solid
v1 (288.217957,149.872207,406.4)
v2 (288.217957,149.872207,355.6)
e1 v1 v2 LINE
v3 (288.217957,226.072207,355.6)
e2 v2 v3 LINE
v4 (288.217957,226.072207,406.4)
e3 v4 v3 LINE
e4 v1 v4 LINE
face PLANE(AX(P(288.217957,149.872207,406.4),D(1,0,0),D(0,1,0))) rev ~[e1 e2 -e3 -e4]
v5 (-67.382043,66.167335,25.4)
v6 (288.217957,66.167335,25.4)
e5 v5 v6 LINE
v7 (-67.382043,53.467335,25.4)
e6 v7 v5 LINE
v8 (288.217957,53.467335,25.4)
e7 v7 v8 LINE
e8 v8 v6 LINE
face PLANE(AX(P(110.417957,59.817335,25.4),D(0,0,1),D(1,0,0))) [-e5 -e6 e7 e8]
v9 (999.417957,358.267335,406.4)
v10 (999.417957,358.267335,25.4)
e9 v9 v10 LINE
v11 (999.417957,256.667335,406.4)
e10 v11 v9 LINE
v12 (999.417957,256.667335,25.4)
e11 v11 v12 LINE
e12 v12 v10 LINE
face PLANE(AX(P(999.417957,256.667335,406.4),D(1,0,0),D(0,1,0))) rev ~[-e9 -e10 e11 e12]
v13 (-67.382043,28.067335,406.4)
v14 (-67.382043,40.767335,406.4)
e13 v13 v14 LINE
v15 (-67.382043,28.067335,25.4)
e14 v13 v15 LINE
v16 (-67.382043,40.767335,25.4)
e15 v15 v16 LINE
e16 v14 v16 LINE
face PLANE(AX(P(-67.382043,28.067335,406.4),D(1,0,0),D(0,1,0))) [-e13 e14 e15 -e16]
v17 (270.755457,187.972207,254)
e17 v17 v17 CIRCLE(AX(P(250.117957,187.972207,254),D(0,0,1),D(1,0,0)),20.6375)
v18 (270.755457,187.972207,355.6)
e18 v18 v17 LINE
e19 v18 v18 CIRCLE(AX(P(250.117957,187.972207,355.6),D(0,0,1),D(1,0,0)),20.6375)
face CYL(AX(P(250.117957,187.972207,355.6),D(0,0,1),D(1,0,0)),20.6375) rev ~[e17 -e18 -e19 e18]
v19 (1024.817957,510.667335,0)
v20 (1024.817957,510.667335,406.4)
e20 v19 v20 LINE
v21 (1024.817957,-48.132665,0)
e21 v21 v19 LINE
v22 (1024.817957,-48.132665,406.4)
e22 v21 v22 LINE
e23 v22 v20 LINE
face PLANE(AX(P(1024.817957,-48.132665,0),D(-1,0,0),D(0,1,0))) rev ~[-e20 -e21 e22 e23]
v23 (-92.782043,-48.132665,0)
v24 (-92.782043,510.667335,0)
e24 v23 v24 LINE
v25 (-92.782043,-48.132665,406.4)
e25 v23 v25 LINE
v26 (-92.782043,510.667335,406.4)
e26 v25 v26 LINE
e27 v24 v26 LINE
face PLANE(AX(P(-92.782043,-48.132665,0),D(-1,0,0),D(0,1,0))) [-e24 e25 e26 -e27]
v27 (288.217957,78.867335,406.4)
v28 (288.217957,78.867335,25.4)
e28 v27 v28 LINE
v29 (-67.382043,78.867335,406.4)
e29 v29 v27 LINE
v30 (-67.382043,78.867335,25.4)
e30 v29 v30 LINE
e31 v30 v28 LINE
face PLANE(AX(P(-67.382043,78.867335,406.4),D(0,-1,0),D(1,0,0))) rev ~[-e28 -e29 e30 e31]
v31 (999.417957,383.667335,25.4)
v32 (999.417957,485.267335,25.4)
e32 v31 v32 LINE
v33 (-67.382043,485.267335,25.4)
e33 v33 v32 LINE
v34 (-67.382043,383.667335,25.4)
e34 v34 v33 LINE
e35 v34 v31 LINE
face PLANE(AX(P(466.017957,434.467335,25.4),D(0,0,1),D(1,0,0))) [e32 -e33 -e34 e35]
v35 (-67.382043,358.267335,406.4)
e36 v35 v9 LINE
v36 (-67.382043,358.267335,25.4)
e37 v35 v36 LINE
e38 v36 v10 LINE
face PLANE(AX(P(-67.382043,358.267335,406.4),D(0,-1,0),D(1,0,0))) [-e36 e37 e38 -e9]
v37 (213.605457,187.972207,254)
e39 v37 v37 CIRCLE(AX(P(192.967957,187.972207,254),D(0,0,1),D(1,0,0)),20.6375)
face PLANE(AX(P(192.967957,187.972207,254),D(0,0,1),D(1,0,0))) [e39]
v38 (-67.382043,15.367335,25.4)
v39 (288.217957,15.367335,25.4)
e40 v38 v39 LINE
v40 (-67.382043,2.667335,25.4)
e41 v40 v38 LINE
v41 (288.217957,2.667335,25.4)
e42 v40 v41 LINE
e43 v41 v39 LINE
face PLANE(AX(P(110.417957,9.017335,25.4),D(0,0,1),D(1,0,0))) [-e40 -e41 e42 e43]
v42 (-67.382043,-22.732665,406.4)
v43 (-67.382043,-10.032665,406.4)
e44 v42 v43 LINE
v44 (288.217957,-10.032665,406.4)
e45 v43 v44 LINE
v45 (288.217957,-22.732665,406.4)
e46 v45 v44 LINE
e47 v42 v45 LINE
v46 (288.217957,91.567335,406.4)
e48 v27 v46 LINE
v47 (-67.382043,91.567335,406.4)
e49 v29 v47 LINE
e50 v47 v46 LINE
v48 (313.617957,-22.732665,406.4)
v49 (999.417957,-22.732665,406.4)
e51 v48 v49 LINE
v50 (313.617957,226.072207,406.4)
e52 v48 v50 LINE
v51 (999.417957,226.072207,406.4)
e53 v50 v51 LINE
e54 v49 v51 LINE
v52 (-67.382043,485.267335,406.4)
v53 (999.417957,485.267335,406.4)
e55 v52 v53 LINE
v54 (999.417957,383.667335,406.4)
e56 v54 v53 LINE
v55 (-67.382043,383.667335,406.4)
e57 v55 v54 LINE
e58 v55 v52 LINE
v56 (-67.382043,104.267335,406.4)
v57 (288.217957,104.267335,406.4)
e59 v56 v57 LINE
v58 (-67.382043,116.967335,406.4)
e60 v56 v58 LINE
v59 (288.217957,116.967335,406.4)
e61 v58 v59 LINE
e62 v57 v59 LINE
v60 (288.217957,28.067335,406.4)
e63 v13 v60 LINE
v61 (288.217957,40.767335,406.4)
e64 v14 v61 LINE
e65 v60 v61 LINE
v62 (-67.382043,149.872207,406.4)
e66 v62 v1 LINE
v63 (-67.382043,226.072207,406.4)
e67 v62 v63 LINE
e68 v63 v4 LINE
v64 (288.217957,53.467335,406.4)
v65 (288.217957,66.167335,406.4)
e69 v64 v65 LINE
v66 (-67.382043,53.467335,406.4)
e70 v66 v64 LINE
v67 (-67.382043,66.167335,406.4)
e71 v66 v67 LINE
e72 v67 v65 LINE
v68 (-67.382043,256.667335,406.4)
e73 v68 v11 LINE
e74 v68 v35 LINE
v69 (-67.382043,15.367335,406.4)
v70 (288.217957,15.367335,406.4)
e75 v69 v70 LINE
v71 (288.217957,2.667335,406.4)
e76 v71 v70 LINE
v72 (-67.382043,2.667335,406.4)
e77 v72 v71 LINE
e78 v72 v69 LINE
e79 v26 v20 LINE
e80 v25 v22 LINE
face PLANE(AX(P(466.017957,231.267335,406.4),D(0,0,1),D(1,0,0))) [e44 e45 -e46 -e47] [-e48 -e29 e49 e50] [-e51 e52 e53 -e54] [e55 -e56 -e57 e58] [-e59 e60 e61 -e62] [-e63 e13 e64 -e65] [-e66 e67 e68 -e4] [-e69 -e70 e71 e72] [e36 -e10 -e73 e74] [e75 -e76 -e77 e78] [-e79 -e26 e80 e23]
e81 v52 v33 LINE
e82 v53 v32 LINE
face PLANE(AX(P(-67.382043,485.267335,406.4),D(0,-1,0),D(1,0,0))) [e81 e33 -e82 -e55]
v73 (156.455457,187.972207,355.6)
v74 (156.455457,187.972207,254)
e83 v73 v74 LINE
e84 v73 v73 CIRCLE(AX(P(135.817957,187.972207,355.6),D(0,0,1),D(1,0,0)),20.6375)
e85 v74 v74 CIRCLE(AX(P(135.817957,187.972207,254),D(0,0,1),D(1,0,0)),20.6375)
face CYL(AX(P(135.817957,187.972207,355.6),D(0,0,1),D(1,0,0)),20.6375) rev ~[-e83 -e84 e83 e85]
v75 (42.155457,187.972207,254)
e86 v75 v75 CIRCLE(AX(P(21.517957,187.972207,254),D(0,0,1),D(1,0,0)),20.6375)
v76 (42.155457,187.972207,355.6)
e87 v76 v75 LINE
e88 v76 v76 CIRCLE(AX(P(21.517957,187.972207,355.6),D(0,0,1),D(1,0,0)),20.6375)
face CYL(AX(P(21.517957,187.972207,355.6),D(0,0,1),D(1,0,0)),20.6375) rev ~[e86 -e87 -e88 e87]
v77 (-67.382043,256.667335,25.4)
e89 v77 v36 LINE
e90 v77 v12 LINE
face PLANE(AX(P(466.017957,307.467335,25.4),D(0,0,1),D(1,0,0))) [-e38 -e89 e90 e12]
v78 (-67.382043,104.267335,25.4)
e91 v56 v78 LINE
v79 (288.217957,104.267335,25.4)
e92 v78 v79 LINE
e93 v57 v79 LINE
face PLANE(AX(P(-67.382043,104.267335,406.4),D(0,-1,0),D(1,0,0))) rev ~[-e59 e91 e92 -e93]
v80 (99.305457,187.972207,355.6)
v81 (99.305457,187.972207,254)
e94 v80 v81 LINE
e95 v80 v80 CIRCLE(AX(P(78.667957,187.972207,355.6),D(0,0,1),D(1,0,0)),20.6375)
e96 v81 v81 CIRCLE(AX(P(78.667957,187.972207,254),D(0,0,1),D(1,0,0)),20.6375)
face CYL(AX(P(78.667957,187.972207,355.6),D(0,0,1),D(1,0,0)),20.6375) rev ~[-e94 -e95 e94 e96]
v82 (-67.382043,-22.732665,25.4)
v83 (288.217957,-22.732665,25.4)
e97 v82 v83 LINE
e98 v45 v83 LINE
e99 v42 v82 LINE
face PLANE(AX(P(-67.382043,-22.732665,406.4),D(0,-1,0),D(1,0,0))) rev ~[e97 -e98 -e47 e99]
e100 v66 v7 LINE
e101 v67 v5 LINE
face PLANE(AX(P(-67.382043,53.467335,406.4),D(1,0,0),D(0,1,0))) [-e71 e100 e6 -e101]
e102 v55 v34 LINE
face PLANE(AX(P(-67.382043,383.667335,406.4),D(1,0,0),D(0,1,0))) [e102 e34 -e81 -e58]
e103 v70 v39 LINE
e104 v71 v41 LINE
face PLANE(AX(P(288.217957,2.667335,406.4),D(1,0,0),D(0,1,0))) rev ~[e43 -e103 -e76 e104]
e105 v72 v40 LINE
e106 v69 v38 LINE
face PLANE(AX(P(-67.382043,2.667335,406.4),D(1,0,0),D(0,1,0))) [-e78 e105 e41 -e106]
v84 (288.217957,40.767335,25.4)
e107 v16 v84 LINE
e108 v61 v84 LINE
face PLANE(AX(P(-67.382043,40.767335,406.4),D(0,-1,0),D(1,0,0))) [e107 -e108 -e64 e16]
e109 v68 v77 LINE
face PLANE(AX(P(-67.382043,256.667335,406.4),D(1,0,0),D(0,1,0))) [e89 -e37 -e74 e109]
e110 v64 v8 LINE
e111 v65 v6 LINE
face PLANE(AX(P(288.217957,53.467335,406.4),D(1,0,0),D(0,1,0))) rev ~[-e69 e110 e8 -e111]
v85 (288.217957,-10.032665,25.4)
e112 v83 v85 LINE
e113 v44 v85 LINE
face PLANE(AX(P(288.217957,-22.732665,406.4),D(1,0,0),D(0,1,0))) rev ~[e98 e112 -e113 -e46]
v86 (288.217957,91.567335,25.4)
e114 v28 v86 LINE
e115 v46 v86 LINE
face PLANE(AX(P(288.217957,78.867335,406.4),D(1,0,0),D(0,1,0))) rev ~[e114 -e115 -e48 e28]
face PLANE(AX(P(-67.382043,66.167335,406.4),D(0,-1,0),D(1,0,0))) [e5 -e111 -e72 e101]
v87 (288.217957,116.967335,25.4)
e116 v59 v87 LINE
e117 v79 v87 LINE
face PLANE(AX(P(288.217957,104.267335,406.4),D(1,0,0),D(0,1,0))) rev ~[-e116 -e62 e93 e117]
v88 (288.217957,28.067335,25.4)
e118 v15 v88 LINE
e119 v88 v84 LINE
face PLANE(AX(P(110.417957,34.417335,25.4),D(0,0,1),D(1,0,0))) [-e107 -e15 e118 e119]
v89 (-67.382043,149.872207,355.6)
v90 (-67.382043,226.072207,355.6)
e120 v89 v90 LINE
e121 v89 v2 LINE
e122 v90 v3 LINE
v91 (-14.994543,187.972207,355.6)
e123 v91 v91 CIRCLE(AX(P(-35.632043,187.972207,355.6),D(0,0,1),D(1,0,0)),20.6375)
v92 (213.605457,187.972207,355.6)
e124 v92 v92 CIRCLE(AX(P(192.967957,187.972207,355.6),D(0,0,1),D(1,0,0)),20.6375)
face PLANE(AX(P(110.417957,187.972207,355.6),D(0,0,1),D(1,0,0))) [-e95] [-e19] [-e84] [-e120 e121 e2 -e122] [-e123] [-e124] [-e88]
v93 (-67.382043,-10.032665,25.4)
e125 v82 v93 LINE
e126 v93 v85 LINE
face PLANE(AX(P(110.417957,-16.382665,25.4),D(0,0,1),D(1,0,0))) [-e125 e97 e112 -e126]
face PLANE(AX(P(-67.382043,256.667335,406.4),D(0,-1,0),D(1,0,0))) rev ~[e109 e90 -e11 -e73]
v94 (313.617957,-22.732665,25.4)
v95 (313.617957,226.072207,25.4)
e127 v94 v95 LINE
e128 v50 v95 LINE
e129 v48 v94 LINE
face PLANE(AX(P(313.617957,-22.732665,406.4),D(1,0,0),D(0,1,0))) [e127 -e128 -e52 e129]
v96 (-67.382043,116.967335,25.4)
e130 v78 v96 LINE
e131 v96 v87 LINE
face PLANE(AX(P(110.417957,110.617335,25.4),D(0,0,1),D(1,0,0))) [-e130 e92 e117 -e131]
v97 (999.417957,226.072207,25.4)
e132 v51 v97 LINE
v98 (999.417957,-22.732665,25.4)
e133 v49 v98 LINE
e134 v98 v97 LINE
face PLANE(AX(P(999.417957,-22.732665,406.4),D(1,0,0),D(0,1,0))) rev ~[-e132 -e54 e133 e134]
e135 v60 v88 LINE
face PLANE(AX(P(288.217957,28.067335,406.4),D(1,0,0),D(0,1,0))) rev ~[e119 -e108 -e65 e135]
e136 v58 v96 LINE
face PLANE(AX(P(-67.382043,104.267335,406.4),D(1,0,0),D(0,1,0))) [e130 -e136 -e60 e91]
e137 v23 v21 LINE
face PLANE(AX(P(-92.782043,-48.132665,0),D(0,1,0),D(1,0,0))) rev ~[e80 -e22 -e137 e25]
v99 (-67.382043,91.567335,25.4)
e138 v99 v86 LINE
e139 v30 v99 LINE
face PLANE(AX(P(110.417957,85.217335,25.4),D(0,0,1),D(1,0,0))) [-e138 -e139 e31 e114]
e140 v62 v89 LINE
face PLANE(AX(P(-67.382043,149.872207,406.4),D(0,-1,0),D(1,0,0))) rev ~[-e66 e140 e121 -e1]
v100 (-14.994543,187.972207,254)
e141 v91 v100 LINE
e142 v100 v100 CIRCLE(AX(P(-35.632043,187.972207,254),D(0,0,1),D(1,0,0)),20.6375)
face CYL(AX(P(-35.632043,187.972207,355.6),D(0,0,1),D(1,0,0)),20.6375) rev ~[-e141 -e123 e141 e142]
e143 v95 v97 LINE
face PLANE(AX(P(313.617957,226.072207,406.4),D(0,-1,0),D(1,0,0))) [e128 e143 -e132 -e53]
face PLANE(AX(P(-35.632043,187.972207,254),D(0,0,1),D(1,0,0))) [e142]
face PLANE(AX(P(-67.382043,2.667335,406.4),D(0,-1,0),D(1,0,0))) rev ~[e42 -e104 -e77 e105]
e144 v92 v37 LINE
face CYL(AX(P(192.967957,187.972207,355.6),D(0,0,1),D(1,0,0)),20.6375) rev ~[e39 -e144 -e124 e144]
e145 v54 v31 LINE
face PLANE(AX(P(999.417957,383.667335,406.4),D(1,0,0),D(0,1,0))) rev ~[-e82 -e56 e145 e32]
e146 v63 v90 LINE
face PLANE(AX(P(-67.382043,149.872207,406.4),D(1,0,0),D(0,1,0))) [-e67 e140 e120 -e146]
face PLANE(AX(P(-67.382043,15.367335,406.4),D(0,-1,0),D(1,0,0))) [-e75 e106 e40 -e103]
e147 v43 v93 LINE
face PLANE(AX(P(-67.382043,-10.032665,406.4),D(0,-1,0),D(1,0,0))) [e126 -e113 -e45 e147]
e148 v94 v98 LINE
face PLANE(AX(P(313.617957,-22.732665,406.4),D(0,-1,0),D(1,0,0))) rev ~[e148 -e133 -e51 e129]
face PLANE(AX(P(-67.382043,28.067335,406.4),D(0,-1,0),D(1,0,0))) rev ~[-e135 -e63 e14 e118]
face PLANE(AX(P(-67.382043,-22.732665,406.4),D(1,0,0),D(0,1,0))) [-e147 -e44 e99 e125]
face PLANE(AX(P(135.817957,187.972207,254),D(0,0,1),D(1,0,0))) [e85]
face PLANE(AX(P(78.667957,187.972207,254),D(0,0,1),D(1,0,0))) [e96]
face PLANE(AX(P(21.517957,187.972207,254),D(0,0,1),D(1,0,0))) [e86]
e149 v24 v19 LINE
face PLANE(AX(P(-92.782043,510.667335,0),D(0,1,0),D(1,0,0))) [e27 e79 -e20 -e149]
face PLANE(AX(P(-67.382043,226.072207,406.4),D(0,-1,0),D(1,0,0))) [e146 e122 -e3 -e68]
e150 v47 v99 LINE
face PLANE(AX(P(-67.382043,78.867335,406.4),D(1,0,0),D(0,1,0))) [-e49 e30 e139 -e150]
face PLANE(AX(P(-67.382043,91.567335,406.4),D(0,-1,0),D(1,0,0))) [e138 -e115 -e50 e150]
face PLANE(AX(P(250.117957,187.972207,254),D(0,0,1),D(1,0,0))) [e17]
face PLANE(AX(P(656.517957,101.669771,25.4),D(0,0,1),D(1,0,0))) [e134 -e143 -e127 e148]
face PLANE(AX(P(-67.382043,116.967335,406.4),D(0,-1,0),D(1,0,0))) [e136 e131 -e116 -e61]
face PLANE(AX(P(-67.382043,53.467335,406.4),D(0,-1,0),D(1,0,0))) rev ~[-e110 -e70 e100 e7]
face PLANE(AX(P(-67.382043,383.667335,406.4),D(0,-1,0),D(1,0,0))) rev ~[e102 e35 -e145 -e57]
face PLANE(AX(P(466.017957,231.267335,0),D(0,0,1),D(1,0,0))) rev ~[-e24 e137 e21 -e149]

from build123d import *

# Parameters (mm, degrees)
F0_W     = 1117.6
F0_H     = 558.8
F1_DEPTH = 406.4
F2_W     = 355.6
F2_H     = 12.7
F2_W_2   = 1066.8
F2_H_2   = 101.6
F2_W_3   = 685.8
F2_H_3   = 248.804872
F3_DEPTH = 381
F4_W     = 355.6
F4_H     = 76.2
F5_DEPTH = 50.8
F6_R     = 20.6375
F7_DEPTH = 101.6


with BuildPart() as f1:
    # F0 (on Top) → F1 (new body)
    with BuildSketch(Plane.XY):
        with Locations((466.017957, 231.267335)):
            Rectangle(F0_W, F0_H)
    extrude(amount=F1_DEPTH)

    # F2 (on face) → F3 (cut)
    with BuildSketch(Plane.XY.offset(406.4)):
        with Locations((110.417957, -16.382665)):
            Rectangle(F2_W, F2_H)
        with Locations((110.417957, 9.017335)):
            Rectangle(F2_W, F2_H)
        with Locations((110.417957, 34.417335)):
            Rectangle(F2_W, F2_H)
        with Locations((110.417957, 59.817335)):
            Rectangle(F2_W, F2_H)
        with Locations((110.417957, 85.217335)):
            Rectangle(F2_W, F2_H)
        with Locations((110.417957, 110.617335)):
            Rectangle(F2_W, F2_H)
        with Locations((466.017957, 434.467335)):
            Rectangle(F2_W_2, F2_H_2)
        with Locations((466.017957, 307.467335)):
            Rectangle(F2_W_2, F2_H_2)
        with Locations((656.517957, 101.669771)):
            Rectangle(F2_W_3, F2_H_3)
    extrude(amount=-F3_DEPTH, mode=Mode.SUBTRACT)

    # F4 (on face) → F5 (cut)
    with BuildSketch(Plane.XY.offset(406.4)):
        with Locations((110.417957, 187.972207)):
            Rectangle(F4_W, F4_H)
    extrude(amount=-F5_DEPTH, mode=Mode.SUBTRACT)

    # F6 (on face) → F7 (cut)
    with BuildSketch(Plane.XY.offset(355.6)):
        with Locations((-35.632043, 187.972207)):
            Circle(F6_R)
        with Locations((21.517957, 187.972207)):
            Circle(F6_R)
        with Locations((78.667957, 187.972207)):
            Circle(F6_R)
        with Locations((135.817957, 187.972207)):
            Circle(F6_R)
        with Locations((192.967957, 187.972207)):
            Circle(F6_R)
        with Locations((250.117957, 187.972207)):
            Circle(F6_R)
    extrude(amount=-F7_DEPTH, mode=Mode.SUBTRACT)


solid = f1.part
